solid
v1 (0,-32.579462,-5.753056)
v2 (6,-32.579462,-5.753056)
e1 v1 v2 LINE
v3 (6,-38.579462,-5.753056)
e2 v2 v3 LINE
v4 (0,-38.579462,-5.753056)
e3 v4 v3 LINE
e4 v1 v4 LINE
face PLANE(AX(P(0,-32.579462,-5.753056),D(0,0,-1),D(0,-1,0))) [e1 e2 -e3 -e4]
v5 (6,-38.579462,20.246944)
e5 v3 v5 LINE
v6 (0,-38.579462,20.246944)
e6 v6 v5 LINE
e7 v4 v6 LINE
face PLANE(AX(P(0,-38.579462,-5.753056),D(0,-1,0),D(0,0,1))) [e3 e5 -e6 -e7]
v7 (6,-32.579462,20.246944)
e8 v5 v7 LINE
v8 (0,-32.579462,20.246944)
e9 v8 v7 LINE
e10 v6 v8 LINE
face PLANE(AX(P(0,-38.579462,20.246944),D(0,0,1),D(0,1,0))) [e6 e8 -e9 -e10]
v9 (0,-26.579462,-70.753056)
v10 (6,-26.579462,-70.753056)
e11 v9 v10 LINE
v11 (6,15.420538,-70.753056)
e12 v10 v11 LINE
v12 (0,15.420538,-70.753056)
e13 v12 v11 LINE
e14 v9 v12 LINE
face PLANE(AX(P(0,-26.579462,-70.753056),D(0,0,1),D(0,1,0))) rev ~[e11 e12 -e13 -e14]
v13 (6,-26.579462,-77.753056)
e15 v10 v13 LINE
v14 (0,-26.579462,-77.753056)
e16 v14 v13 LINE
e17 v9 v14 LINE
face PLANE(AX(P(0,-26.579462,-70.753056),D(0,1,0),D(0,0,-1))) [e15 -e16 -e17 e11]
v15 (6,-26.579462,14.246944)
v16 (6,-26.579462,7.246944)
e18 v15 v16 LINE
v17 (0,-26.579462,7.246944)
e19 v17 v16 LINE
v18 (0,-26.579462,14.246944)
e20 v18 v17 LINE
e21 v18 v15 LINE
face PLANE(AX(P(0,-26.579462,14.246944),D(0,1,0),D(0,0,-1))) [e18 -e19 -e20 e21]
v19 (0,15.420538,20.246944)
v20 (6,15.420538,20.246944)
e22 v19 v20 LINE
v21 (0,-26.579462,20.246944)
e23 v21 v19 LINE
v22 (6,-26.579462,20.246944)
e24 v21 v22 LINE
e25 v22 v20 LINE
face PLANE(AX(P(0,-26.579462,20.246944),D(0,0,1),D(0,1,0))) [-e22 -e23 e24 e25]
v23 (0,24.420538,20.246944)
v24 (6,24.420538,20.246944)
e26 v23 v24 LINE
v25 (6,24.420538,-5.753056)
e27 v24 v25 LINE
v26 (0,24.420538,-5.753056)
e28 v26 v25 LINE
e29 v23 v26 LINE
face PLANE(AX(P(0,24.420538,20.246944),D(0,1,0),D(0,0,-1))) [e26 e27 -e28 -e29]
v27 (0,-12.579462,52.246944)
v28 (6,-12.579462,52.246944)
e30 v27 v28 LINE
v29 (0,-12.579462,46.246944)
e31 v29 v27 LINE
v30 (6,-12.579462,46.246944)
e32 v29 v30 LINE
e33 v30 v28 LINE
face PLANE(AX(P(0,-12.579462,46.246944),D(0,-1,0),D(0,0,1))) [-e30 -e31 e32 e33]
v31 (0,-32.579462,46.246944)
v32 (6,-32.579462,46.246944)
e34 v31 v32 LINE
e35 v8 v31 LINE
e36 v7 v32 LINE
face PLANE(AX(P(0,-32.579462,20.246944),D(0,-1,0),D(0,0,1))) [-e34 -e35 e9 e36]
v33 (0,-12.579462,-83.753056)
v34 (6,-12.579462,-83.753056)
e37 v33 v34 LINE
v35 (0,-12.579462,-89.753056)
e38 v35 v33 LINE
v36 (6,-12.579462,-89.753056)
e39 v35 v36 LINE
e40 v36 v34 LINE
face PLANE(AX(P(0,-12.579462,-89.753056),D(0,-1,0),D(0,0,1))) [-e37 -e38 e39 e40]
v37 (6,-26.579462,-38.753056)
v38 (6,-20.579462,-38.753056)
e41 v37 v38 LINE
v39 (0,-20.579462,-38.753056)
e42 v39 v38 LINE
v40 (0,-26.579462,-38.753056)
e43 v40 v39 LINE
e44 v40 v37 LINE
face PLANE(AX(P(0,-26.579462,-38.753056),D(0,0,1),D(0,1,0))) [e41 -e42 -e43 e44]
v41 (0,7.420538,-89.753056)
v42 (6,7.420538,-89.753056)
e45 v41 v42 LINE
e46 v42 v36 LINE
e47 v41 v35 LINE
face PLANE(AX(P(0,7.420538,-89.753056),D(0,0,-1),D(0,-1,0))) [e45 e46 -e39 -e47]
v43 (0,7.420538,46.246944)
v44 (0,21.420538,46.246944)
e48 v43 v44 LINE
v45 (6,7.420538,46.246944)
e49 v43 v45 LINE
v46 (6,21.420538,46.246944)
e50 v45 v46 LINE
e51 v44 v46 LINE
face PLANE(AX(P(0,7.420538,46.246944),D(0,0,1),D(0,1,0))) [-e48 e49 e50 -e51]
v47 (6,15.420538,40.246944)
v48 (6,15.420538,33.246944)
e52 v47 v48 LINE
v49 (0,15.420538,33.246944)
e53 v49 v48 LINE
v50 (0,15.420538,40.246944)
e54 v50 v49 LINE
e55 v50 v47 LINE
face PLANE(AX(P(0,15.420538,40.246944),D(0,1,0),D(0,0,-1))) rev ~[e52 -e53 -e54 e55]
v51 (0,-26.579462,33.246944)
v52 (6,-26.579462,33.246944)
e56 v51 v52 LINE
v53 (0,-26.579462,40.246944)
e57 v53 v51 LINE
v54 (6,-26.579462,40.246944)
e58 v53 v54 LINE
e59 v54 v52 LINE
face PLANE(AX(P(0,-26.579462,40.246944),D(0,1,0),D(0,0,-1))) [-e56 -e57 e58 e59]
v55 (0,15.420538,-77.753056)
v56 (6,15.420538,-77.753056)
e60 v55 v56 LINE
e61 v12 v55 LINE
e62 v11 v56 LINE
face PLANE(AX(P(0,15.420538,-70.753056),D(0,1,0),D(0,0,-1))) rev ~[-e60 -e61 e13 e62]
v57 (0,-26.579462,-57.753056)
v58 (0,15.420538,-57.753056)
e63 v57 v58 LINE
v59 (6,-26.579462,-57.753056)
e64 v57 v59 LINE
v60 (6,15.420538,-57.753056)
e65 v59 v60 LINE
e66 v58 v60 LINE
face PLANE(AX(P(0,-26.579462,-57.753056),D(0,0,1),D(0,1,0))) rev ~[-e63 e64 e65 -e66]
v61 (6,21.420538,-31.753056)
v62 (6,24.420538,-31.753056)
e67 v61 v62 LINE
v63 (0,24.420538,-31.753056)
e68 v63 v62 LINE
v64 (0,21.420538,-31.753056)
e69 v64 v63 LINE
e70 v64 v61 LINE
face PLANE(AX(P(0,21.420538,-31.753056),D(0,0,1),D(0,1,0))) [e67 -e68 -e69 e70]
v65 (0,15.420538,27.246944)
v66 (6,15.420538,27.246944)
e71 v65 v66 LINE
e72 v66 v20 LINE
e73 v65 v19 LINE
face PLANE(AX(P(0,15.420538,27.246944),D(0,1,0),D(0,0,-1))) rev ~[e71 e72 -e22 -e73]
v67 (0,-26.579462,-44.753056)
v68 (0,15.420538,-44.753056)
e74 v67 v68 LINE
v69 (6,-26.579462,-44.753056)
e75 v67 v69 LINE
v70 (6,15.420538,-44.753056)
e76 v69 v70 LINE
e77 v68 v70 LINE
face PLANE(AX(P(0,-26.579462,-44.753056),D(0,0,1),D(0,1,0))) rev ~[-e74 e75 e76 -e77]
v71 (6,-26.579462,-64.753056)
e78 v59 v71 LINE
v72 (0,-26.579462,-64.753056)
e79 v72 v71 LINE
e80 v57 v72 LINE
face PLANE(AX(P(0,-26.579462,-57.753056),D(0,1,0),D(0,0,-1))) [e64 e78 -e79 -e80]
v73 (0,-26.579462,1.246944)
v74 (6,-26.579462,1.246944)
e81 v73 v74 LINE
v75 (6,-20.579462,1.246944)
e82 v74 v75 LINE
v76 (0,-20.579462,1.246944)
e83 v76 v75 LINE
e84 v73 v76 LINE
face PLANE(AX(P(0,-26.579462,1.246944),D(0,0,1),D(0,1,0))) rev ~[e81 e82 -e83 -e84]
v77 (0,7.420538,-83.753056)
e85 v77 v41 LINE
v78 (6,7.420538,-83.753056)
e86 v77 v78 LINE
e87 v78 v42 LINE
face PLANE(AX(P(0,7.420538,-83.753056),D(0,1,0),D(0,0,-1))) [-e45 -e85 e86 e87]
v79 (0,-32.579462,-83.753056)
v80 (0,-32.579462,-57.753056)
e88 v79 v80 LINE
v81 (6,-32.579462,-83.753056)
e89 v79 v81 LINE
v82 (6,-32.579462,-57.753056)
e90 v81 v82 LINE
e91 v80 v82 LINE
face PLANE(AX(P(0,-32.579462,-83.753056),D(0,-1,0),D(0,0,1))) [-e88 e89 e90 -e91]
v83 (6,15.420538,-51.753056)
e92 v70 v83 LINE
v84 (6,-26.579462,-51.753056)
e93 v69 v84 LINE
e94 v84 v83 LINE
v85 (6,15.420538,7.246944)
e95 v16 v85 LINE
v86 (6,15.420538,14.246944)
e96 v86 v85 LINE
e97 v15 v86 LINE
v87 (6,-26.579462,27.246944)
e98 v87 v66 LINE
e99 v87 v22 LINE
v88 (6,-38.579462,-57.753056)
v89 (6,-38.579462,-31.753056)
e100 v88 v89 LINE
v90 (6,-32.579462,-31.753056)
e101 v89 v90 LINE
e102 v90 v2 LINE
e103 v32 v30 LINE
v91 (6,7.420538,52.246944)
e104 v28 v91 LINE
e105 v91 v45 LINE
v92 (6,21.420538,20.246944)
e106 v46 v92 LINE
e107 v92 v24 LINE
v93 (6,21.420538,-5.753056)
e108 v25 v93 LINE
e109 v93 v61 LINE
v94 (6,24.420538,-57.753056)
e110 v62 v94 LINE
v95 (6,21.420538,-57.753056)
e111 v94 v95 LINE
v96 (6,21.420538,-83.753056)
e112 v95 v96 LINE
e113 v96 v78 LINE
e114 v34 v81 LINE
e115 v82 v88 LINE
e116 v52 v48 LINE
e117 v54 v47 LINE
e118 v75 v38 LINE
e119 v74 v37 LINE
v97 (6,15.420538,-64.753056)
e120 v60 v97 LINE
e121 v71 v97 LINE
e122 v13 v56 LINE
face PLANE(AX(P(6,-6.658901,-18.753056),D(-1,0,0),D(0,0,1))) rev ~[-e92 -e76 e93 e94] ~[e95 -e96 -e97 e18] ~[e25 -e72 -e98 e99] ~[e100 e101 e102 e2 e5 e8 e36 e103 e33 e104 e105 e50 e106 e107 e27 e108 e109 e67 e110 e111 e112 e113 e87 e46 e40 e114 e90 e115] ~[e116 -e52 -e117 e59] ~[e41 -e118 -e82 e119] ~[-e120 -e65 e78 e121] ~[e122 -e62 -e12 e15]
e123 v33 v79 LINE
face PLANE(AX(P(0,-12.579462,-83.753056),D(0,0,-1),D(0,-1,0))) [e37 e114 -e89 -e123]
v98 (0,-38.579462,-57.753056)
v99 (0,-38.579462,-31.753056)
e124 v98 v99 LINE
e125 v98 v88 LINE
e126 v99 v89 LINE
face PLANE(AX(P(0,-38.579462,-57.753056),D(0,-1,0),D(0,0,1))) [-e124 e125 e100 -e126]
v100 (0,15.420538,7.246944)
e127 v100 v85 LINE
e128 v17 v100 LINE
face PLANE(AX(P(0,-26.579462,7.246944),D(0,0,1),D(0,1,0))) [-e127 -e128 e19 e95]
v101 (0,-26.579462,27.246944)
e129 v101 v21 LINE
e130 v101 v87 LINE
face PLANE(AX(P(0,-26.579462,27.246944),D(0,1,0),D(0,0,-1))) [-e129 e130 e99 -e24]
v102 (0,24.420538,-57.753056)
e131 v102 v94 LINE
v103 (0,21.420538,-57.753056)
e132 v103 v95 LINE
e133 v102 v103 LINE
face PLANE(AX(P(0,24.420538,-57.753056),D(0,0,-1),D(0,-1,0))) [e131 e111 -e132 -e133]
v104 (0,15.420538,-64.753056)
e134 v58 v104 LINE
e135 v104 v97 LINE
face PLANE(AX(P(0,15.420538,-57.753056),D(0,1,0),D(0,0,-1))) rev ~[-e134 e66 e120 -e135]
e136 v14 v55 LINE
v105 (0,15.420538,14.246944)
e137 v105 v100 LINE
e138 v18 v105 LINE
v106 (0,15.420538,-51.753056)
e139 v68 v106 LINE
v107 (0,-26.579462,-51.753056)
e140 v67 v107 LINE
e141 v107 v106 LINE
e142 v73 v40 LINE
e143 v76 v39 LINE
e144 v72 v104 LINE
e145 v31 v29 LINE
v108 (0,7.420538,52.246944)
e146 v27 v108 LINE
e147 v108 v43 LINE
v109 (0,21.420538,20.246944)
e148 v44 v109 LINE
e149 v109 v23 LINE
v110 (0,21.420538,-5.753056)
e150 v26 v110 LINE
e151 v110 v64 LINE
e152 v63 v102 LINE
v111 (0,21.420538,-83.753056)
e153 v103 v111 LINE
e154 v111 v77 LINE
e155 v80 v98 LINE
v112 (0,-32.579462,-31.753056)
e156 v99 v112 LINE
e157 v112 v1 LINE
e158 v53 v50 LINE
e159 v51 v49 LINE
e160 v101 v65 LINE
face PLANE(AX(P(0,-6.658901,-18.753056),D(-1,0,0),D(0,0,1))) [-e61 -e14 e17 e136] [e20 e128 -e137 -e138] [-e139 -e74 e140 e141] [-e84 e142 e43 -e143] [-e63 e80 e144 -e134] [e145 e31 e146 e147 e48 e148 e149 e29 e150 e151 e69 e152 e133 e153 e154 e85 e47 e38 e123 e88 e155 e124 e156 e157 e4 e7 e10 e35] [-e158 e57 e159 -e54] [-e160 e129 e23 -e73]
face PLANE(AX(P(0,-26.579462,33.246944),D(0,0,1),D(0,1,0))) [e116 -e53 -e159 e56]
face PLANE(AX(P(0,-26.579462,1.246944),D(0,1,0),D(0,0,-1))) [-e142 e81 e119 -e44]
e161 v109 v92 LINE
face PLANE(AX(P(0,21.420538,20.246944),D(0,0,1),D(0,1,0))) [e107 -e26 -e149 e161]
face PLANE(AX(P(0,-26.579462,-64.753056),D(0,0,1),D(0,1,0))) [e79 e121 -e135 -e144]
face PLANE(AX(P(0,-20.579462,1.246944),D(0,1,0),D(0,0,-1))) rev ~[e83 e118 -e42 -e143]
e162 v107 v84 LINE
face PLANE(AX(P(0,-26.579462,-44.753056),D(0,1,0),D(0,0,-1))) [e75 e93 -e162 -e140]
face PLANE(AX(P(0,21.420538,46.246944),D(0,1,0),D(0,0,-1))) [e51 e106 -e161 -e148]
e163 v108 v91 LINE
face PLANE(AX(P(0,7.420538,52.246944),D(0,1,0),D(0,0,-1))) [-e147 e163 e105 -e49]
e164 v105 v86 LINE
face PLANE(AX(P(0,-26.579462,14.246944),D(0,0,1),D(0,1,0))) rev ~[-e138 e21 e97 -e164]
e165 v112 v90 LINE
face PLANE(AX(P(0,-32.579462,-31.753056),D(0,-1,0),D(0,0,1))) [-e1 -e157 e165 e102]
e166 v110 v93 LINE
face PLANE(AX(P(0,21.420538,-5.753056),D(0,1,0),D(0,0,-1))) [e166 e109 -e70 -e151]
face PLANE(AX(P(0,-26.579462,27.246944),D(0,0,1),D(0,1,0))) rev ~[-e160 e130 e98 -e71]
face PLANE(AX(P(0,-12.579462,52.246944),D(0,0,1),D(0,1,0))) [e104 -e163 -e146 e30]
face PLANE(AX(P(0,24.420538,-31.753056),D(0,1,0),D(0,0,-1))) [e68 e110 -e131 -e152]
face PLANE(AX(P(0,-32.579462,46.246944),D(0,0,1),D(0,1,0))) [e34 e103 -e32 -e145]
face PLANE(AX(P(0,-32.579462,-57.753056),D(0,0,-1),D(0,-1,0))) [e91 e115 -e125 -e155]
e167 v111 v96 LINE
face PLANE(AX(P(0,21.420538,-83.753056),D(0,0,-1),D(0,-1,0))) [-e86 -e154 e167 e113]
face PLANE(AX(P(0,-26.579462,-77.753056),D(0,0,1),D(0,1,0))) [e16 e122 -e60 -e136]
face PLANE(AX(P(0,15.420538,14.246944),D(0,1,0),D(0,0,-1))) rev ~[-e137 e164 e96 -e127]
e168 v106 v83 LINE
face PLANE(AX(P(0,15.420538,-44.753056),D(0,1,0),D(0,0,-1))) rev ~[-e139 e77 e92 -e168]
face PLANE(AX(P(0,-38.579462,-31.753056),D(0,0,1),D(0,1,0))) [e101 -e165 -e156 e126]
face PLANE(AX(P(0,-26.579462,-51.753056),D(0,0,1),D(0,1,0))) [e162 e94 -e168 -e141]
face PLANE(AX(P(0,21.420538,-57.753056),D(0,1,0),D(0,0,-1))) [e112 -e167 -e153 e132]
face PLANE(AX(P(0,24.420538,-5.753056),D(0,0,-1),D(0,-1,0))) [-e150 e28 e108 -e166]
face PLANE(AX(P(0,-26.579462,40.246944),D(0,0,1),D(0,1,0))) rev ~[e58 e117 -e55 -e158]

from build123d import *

# Parameters (mm, degrees)
SKETCH1_W           = 7
SKETCH1_H           = 42
SKETCH1_W_2         = 40
SKETCH1_H_2         = 6
BOSS_EXTRUDE1_DEPTH = 6


with BuildPart() as part:
    # Sketch1 → Boss-Extrude1 (new body)
    with BuildSketch(Plane(origin=(0, 0, 0), x_dir=(0, 0, -1), z_dir=(1, 0, 0))):
        Polygon((-46.246943765, 21.420537897), (-20.246943765, 21.420537897), (-20.246943765, 24.420537897), (5.753056235, 24.420537897), (5.753056235, 21.420537897), (31.753056235, 21.420537897), (31.753056235, 24.420537897), (57.753056235, 24.420537897), (57.753056235, 21.420537897), (83.753056235, 21.420537897), (83.753056235, 7.420537897), (89.753056235, 7.420537897), (89.753056235, -12.579462103), (83.753056235, -12.579462103), (83.753056235, -32.579462103), (57.753056235, -32.579462103), (57.753056235, -38.579462103), (31.753056235, -38.579462103), (31.753056235, -32.579462103), (5.753056235, -32.579462103), (5.753056235, -38.579462103), (-20.246943765, -38.579462103), (-20.246943765, -32.579462103), (-46.246943765, -32.579462103), (-46.246943765, -12.579462103), (-52.246943765, -12.579462103), (-52.246943765, 7.420537897), (-46.246943765, 7.420537897), align=None)
        with Locations((-36.746943765, -5.579462103)):
            Rectangle(SKETCH1_W, SKETCH1_H, mode=Mode.SUBTRACT)
        with Locations((48.253056235, -5.579462103)):
            Rectangle(SKETCH1_W, SKETCH1_H, mode=Mode.SUBTRACT)
        with Locations((-23.746943765, -5.579462103)):
            Rectangle(SKETCH1_W, SKETCH1_H, mode=Mode.SUBTRACT)
        with Locations((-10.746943765, -5.579462103)):
            Rectangle(SKETCH1_W, SKETCH1_H, mode=Mode.SUBTRACT)
        with Locations((18.753056235, -23.579462103)):
            Rectangle(SKETCH1_W_2, SKETCH1_H_2, mode=Mode.SUBTRACT)
        with Locations((61.253056235, -5.579462103)):
            Rectangle(SKETCH1_W, SKETCH1_H, mode=Mode.SUBTRACT)
        with Locations((74.253056235, -5.579462103)):
            Rectangle(SKETCH1_W, SKETCH1_H, mode=Mode.SUBTRACT)
    extrude(amount=BOSS_EXTRUDE1_DEPTH)


solid = part.part
